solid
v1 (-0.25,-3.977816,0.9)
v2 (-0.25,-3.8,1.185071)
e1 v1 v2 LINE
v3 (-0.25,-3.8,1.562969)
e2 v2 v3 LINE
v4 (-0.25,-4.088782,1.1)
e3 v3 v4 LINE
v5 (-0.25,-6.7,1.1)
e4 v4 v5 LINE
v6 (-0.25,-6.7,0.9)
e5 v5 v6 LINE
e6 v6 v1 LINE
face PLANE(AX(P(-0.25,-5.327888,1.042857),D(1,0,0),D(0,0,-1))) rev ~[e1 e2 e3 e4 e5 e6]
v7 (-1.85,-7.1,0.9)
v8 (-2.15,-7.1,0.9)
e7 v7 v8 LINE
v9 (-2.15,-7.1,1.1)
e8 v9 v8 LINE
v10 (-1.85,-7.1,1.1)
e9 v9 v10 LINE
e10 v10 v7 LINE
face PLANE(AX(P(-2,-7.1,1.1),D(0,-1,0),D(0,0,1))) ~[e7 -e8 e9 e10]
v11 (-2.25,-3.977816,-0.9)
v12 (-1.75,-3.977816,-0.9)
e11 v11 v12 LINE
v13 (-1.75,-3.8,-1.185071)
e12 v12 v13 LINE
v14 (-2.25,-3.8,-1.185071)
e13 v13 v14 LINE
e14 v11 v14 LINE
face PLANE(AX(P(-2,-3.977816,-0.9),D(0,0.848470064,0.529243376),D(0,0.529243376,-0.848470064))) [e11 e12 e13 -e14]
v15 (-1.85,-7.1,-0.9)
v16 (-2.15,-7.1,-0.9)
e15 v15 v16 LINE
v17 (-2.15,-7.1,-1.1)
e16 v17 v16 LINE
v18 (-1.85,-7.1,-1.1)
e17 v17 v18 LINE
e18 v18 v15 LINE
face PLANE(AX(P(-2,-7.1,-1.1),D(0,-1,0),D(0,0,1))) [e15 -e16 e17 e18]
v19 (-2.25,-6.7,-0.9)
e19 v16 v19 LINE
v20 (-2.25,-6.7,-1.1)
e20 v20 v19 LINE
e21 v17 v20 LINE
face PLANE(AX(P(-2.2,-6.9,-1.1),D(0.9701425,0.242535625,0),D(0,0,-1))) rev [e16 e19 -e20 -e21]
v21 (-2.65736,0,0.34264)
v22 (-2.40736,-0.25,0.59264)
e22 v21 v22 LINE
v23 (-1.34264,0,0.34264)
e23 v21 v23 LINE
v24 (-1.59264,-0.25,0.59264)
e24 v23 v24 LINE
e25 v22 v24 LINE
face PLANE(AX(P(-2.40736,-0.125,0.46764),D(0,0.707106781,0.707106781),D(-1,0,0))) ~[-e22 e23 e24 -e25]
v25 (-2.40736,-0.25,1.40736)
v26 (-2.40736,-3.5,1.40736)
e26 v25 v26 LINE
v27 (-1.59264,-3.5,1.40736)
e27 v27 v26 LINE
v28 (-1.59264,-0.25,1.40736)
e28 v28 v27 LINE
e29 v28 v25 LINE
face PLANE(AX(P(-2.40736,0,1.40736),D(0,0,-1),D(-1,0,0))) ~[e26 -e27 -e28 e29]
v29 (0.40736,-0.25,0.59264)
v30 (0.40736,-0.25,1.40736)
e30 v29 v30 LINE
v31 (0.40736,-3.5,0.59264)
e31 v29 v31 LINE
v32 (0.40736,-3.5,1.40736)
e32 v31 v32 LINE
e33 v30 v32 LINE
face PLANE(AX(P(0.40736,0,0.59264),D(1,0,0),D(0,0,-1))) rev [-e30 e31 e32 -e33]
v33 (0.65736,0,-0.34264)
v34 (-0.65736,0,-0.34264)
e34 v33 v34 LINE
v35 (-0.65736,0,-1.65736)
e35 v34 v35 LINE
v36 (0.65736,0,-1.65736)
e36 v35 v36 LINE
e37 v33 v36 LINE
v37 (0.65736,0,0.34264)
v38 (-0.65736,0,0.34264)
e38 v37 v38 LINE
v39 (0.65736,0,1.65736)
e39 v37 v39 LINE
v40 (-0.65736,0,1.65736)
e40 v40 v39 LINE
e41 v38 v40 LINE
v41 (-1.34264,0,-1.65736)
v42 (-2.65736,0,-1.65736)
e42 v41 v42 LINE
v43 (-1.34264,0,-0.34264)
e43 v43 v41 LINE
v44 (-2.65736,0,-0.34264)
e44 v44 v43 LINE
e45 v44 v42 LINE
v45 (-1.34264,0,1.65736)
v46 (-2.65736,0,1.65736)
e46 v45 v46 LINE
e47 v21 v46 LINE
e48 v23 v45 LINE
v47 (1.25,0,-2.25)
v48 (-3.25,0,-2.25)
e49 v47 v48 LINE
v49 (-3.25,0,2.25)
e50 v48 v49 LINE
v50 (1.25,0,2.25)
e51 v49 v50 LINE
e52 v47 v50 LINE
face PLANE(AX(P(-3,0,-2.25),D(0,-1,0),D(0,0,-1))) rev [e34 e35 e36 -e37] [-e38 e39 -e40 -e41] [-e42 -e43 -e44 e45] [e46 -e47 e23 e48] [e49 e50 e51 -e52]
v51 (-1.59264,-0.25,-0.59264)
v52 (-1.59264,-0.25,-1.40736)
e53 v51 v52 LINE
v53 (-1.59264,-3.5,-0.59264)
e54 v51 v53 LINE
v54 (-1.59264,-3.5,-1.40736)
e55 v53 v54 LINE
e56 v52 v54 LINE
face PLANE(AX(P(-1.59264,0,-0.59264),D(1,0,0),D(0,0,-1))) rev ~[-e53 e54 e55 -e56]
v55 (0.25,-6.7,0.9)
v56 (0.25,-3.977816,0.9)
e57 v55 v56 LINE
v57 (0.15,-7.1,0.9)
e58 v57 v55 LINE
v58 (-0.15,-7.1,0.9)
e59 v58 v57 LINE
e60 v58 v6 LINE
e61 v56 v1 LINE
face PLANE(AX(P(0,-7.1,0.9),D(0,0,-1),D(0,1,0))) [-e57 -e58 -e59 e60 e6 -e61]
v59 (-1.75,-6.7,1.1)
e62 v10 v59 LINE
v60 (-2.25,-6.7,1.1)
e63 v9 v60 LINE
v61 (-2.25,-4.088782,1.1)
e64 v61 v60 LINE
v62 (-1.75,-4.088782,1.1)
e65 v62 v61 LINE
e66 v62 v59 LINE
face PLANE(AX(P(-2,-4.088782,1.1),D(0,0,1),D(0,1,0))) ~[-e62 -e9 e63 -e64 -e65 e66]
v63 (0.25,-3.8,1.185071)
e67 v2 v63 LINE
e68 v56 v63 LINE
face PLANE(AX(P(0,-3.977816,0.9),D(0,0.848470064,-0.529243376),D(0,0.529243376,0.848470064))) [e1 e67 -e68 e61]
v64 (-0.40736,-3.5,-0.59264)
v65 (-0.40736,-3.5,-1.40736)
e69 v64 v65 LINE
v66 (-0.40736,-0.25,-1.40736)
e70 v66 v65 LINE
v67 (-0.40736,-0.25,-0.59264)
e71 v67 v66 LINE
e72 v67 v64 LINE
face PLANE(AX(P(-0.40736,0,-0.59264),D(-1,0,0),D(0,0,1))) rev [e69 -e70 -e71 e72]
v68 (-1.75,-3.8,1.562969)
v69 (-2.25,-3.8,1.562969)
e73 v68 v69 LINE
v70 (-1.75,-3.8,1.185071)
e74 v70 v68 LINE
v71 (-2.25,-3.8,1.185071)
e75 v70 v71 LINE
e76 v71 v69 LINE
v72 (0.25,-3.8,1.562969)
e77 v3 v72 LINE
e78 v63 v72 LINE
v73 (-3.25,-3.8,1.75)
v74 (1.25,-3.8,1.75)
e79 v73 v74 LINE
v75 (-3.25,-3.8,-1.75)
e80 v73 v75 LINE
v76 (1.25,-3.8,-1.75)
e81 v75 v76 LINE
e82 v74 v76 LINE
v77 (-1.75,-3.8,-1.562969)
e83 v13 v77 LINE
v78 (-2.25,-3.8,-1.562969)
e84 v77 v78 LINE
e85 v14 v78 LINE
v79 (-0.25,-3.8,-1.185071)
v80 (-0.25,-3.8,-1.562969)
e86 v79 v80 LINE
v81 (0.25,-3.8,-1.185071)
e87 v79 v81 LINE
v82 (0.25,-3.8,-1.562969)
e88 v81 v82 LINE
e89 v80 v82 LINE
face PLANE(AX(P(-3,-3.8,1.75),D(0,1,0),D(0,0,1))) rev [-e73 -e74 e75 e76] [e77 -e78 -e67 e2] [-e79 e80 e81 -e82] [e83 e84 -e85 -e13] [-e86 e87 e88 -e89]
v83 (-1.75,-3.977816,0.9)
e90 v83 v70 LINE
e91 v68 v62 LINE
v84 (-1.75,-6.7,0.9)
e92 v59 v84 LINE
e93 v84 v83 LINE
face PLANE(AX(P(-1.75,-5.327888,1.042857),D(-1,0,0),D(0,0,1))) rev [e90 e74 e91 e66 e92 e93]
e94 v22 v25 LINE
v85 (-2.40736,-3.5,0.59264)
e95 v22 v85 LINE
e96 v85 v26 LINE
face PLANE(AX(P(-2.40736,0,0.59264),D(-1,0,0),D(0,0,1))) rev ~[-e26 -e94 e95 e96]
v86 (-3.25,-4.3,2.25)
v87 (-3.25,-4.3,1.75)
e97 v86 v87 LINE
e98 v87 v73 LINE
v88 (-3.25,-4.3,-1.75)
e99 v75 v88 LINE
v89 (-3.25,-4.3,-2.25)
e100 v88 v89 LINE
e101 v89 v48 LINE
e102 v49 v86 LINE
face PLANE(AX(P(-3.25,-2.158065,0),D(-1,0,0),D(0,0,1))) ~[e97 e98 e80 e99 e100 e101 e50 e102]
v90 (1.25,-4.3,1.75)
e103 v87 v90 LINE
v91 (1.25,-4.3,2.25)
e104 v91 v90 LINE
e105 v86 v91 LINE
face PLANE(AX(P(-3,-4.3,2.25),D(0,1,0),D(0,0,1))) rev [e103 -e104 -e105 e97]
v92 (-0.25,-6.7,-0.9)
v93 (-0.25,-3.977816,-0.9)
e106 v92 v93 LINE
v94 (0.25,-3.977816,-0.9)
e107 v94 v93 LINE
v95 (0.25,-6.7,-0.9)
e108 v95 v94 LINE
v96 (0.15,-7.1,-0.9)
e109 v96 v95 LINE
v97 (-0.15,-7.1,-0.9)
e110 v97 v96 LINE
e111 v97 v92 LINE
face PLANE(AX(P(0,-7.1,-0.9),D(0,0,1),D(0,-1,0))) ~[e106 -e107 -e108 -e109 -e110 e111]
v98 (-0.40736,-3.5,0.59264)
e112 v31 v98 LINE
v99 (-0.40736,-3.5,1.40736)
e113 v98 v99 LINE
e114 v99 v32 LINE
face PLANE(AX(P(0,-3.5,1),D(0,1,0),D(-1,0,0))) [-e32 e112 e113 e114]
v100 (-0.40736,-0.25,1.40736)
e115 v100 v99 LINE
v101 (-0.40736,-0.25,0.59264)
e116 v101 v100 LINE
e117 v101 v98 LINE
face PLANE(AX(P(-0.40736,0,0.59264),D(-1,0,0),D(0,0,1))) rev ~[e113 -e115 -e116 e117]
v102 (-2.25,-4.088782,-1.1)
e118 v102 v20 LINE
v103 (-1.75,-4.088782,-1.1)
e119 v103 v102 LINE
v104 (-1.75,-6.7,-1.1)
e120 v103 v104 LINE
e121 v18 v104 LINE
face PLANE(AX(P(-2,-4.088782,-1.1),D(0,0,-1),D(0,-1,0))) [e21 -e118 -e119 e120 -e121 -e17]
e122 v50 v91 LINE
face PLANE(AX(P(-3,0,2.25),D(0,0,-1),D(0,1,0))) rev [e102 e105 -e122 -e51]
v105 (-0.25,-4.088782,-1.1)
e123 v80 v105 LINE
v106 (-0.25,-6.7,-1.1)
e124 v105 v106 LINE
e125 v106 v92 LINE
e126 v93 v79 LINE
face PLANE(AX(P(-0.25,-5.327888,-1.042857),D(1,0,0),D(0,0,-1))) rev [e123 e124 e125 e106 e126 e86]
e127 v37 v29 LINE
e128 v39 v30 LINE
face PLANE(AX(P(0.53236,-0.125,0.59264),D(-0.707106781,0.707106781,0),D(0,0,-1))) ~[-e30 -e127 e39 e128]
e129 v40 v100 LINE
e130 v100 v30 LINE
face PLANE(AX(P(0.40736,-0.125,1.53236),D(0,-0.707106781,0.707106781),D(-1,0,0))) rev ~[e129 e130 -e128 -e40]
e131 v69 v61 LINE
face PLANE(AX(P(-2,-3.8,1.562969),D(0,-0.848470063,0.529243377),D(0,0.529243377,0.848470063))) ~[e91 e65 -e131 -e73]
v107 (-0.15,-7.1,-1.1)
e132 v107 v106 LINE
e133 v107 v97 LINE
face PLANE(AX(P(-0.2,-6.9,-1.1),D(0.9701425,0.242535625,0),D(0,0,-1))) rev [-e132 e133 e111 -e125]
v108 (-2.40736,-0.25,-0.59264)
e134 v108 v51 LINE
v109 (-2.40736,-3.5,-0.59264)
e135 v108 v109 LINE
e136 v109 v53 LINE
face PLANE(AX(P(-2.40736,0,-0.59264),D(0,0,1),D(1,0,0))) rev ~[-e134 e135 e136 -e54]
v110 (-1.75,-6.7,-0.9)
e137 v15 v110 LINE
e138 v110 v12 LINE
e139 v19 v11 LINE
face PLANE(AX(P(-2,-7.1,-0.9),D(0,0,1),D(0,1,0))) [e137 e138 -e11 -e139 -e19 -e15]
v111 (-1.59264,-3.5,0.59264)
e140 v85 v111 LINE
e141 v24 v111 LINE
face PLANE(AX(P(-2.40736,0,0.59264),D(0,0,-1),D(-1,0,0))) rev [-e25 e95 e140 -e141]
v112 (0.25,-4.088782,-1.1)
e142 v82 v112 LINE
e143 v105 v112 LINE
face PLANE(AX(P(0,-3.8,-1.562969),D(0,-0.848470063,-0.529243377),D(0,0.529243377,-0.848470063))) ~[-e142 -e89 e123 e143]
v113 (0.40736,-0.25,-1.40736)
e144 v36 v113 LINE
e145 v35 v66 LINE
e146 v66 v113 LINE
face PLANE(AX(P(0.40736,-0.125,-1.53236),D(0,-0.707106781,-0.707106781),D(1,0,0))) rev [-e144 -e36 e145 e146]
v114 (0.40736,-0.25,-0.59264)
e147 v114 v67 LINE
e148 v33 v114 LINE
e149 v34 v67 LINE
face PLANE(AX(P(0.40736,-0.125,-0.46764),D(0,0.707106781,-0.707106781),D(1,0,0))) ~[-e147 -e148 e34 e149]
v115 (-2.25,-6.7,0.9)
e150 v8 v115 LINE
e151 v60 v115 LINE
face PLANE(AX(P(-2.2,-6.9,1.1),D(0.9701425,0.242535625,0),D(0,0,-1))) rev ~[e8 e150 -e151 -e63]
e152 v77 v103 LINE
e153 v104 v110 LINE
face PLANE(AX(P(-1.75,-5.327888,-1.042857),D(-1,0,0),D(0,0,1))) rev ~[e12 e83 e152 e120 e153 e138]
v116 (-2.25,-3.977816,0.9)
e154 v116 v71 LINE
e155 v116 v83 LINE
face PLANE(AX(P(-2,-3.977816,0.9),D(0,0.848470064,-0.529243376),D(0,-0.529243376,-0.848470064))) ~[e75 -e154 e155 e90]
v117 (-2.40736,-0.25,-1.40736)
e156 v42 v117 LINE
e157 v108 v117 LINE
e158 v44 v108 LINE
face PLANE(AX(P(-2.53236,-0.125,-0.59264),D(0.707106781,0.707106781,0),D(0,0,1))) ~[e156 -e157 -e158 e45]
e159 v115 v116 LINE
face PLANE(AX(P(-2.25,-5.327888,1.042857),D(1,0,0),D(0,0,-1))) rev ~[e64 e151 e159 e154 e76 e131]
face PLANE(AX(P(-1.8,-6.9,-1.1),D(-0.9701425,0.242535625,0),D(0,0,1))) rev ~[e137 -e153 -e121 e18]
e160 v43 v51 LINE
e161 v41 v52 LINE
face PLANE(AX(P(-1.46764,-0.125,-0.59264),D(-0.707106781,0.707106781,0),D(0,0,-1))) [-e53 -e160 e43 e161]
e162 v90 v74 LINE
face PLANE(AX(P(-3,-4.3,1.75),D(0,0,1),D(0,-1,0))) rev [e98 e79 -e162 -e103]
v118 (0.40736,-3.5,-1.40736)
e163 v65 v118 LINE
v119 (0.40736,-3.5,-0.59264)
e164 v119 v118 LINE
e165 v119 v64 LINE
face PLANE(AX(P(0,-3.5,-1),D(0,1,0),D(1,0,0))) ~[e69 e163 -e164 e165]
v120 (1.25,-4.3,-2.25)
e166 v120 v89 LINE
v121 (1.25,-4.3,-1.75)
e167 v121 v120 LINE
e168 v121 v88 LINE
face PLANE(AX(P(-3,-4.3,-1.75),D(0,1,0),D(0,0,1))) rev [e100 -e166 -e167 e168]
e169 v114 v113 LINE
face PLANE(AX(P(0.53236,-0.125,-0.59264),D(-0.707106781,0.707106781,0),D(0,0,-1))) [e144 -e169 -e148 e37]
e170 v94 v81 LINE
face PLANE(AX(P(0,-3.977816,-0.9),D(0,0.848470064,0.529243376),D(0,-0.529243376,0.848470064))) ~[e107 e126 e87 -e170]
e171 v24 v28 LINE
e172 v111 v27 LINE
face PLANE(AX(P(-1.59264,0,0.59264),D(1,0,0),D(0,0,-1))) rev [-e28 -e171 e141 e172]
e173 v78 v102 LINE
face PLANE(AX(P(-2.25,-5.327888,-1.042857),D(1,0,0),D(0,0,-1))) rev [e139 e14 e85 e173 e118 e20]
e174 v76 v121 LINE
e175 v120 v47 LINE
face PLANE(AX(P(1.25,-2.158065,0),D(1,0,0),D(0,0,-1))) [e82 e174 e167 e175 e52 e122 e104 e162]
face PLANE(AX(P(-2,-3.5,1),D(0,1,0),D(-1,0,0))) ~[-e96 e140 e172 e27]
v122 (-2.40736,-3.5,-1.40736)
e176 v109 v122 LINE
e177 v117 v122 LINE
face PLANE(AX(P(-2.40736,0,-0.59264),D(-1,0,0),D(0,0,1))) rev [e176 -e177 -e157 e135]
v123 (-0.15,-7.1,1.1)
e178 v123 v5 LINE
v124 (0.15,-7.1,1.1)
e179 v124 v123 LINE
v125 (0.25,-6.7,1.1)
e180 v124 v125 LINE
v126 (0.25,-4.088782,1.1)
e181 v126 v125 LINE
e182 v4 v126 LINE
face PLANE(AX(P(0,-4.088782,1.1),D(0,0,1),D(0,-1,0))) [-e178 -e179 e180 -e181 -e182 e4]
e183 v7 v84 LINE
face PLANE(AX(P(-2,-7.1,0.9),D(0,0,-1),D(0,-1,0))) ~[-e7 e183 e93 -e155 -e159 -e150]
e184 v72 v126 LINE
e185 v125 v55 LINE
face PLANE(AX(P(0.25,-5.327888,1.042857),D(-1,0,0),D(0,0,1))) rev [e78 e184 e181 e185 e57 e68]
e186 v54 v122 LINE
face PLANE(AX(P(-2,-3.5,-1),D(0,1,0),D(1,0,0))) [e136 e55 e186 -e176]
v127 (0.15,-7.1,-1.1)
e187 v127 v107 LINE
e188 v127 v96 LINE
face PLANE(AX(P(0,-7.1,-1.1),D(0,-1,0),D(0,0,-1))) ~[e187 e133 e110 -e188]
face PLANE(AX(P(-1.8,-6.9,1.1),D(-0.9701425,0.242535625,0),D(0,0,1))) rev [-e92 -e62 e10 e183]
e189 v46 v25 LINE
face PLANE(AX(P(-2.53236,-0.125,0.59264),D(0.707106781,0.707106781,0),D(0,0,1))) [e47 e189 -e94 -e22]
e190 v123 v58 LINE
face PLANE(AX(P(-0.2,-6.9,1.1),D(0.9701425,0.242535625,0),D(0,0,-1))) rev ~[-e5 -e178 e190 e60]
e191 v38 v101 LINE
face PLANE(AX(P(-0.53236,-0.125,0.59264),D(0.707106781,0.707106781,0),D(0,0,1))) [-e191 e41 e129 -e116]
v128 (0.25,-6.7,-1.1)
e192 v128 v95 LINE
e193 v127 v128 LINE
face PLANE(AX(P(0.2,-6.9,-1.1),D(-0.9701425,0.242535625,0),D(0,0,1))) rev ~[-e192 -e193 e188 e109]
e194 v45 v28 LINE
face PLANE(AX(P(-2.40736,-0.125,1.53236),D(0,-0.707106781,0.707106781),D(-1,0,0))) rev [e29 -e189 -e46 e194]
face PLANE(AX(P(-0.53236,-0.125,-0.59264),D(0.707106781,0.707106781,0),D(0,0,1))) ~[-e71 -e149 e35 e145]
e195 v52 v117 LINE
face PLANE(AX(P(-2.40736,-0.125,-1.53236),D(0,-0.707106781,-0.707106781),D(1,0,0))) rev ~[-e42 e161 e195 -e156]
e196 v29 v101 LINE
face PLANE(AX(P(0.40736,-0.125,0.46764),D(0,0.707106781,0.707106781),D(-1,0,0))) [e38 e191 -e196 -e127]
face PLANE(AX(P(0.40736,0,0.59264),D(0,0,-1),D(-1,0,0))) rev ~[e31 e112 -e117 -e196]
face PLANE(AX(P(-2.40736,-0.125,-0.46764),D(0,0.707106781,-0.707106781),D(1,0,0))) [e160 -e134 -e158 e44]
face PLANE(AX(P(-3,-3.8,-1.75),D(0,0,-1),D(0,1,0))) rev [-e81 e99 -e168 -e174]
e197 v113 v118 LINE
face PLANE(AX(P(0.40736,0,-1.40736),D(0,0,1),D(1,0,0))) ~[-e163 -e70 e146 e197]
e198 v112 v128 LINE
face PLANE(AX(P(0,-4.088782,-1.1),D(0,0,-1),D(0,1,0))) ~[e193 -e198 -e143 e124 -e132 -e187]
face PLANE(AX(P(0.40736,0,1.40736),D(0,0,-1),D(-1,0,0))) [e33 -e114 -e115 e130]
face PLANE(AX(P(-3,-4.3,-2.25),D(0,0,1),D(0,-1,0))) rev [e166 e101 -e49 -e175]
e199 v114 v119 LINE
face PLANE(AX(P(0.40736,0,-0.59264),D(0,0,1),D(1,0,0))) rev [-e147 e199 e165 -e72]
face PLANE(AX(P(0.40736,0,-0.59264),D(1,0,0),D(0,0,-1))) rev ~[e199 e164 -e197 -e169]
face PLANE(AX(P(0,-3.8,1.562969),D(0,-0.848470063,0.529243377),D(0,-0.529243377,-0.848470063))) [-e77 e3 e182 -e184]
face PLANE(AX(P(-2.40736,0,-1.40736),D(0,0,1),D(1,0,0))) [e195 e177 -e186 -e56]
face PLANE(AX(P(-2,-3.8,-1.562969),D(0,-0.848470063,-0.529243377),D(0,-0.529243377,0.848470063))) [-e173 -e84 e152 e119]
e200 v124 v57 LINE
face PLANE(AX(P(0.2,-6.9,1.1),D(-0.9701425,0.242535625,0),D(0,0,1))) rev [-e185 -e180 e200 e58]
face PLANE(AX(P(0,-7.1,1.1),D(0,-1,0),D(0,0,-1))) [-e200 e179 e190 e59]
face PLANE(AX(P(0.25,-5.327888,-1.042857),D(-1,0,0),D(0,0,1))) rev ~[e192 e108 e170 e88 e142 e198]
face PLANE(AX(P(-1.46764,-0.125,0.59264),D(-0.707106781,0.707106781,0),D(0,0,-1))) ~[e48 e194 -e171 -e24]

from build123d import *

# Parameters (mm, degrees)
EXTRUDE_1_DEPTH            = 1
SKETCH_3_W                 = 0.814720046
SKETCH_3_H                 = 0.814720046
CUT_EXTRUDE_1_DEPTH        = 3.5
CHAMFER_1_SIZE             = 0.25
CHAMFER_1_OF_MIRROR_1_SIZE = 0.25
EXTRUDE_2_DEPTH            = 0.25
CHAMFER_2_SIZE             = 0.1
CHAMFER_2_SIZE2            = 0.4
CUT_EXTRUDE_2_DEPTH        = 8.514818694
EXTRUDE_4_DEPTH            = 0.25


with BuildPart() as part:
    # 草图1 → 凸台-拉伸1 (new, symmetric)
    with BuildSketch(Plane(origin=(0, 0, 0), x_dir=(0, 0, -1), z_dir=(1, 0, 0))):
        Polygon((-2.25, 0), (2.25, 0), (2.25, -4.3), (1.75, -4.3), (1.75, -3.8), (-1.75, -3.8), (-1.75, -4.3), (-2.25, -4.3), align=None)
    extrude(amount=EXTRUDE_1_DEPTH, both=True)

    # 草图3 → 切除-拉伸1 (cut)
    with BuildSketch(Plane(origin=(0, 0, 0), x_dir=(1, 0, 0), z_dir=(0, 1, 0))):
        with Locations((0, 1)):
            Rectangle(SKETCH_3_W, SKETCH_3_H)
    cut_extrude_1 = extrude(amount=-CUT_EXTRUDE_1_DEPTH, mode=Mode.SUBTRACT)

    # 倒角1
    chamfer_1_edges = [part.edges().sort_by_distance(p)[0] for p in [
        (-0.407360023, 0, -1),
        (0, 0, -0.592639977),
        (0.407360023, 0, -1),
        (0, 0, -1.407360023),
    ]]
    chamfer(chamfer_1_edges, length=CHAMFER_1_SIZE)

    # 镜向1: 切除-拉伸1 across plane
    add(cut_extrude_1.mirror(Plane.XY), mode=Mode.SUBTRACT)

    # 倒角1 of 镜向1
    chamfer_1_of_mirror_1_edges = [part.edges().sort_by_distance(p)[0] for p in [
        (-0.407360023, 0, 1),
        (0, 0, 0.592639977),
        (0.407360023, 0, 1),
        (0, 0, 1.407360023),
    ]]
    chamfer(chamfer_1_of_mirror_1_edges, length=CHAMFER_1_OF_MIRROR_1_SIZE)

    # 草图4 → 凸台-拉伸2 (add)
    with BuildSketch(Plane(origin=(0, 0, 0), x_dir=(0, 0, -1), z_dir=(1, 0, 0))):
        Polygon((1.562968954, -3.8), (1.1, -4.088782437), (1.1, -7.1), (0.9, -7.1), (0.9, -3.977816442), (1.18507098, -3.8), align=None)
    extrude(amount=EXTRUDE_2_DEPTH)

    # 倒角2
    chamfer_2_edges = [part.edges().sort_by_distance(p)[0] for p in [
        (0.25, -7.1, -1),
    ]]
    chamfer_2_side = [part.faces().sort_by_distance(p)[0] for p in [
        (0.125, -7.1, -1),
    ]]
    chamfer(chamfer_2_edges, length=CHAMFER_2_SIZE, length2=CHAMFER_2_SIZE2, reference=chamfer_2_side[0])

    # 草图5 → 切除-拉伸2 (cut, through all)
    with BuildSketch(Plane(origin=(0, 0, 0), x_dir=(1, 0, 0), z_dir=(0, 1, 0))):
        Polygon((0, 2.25), (-1, 2.25), (-1, -2.25), (1, -2.25), (1, 0), (0, 0), align=None)
    extrude(amount=-CUT_EXTRUDE_2_DEPTH, mode=Mode.SUBTRACT)

    # 镜向3: part across plane


with BuildPart() as part_1:
    add(part.part)
    add(part.part.mirror(Plane(origin=(0, 0, 0), x_dir=(0, 0, 1), z_dir=(1, 0, 0))))

    # 镜向4: part across plane


with BuildPart() as part_2:
    add(part_1.part)
    add(part_1.part.mirror(Plane(origin=(0, -7.1, 0), x_dir=(1, 0, 0), z_dir=(0, 0, -1))))

    # 草图6 → 凸台-拉伸4 (add)
    with BuildSketch(Plane(origin=(1, 0, 0), x_dir=(0, 0, -1), z_dir=(1, 0, 0))):
        Polygon((2.25, 0), (-2.25, 0), (-2.25, -4.3), (-1.75, -4.3), (-1.75, -3.8), (1.75, -3.8), (1.75, -4.3), (2.25, -4.3), align=None)
    extrude(amount=EXTRUDE_4_DEPTH)

    # 镜向5: part across face


with BuildPart() as part_3:
    add(part_2.part)
    add(part_2.part.mirror(Plane(origin=(-1, -1.961079545, 0), x_dir=(0, 0, 1), z_dir=(-1, 0, 0))))


solid = part_3.part
